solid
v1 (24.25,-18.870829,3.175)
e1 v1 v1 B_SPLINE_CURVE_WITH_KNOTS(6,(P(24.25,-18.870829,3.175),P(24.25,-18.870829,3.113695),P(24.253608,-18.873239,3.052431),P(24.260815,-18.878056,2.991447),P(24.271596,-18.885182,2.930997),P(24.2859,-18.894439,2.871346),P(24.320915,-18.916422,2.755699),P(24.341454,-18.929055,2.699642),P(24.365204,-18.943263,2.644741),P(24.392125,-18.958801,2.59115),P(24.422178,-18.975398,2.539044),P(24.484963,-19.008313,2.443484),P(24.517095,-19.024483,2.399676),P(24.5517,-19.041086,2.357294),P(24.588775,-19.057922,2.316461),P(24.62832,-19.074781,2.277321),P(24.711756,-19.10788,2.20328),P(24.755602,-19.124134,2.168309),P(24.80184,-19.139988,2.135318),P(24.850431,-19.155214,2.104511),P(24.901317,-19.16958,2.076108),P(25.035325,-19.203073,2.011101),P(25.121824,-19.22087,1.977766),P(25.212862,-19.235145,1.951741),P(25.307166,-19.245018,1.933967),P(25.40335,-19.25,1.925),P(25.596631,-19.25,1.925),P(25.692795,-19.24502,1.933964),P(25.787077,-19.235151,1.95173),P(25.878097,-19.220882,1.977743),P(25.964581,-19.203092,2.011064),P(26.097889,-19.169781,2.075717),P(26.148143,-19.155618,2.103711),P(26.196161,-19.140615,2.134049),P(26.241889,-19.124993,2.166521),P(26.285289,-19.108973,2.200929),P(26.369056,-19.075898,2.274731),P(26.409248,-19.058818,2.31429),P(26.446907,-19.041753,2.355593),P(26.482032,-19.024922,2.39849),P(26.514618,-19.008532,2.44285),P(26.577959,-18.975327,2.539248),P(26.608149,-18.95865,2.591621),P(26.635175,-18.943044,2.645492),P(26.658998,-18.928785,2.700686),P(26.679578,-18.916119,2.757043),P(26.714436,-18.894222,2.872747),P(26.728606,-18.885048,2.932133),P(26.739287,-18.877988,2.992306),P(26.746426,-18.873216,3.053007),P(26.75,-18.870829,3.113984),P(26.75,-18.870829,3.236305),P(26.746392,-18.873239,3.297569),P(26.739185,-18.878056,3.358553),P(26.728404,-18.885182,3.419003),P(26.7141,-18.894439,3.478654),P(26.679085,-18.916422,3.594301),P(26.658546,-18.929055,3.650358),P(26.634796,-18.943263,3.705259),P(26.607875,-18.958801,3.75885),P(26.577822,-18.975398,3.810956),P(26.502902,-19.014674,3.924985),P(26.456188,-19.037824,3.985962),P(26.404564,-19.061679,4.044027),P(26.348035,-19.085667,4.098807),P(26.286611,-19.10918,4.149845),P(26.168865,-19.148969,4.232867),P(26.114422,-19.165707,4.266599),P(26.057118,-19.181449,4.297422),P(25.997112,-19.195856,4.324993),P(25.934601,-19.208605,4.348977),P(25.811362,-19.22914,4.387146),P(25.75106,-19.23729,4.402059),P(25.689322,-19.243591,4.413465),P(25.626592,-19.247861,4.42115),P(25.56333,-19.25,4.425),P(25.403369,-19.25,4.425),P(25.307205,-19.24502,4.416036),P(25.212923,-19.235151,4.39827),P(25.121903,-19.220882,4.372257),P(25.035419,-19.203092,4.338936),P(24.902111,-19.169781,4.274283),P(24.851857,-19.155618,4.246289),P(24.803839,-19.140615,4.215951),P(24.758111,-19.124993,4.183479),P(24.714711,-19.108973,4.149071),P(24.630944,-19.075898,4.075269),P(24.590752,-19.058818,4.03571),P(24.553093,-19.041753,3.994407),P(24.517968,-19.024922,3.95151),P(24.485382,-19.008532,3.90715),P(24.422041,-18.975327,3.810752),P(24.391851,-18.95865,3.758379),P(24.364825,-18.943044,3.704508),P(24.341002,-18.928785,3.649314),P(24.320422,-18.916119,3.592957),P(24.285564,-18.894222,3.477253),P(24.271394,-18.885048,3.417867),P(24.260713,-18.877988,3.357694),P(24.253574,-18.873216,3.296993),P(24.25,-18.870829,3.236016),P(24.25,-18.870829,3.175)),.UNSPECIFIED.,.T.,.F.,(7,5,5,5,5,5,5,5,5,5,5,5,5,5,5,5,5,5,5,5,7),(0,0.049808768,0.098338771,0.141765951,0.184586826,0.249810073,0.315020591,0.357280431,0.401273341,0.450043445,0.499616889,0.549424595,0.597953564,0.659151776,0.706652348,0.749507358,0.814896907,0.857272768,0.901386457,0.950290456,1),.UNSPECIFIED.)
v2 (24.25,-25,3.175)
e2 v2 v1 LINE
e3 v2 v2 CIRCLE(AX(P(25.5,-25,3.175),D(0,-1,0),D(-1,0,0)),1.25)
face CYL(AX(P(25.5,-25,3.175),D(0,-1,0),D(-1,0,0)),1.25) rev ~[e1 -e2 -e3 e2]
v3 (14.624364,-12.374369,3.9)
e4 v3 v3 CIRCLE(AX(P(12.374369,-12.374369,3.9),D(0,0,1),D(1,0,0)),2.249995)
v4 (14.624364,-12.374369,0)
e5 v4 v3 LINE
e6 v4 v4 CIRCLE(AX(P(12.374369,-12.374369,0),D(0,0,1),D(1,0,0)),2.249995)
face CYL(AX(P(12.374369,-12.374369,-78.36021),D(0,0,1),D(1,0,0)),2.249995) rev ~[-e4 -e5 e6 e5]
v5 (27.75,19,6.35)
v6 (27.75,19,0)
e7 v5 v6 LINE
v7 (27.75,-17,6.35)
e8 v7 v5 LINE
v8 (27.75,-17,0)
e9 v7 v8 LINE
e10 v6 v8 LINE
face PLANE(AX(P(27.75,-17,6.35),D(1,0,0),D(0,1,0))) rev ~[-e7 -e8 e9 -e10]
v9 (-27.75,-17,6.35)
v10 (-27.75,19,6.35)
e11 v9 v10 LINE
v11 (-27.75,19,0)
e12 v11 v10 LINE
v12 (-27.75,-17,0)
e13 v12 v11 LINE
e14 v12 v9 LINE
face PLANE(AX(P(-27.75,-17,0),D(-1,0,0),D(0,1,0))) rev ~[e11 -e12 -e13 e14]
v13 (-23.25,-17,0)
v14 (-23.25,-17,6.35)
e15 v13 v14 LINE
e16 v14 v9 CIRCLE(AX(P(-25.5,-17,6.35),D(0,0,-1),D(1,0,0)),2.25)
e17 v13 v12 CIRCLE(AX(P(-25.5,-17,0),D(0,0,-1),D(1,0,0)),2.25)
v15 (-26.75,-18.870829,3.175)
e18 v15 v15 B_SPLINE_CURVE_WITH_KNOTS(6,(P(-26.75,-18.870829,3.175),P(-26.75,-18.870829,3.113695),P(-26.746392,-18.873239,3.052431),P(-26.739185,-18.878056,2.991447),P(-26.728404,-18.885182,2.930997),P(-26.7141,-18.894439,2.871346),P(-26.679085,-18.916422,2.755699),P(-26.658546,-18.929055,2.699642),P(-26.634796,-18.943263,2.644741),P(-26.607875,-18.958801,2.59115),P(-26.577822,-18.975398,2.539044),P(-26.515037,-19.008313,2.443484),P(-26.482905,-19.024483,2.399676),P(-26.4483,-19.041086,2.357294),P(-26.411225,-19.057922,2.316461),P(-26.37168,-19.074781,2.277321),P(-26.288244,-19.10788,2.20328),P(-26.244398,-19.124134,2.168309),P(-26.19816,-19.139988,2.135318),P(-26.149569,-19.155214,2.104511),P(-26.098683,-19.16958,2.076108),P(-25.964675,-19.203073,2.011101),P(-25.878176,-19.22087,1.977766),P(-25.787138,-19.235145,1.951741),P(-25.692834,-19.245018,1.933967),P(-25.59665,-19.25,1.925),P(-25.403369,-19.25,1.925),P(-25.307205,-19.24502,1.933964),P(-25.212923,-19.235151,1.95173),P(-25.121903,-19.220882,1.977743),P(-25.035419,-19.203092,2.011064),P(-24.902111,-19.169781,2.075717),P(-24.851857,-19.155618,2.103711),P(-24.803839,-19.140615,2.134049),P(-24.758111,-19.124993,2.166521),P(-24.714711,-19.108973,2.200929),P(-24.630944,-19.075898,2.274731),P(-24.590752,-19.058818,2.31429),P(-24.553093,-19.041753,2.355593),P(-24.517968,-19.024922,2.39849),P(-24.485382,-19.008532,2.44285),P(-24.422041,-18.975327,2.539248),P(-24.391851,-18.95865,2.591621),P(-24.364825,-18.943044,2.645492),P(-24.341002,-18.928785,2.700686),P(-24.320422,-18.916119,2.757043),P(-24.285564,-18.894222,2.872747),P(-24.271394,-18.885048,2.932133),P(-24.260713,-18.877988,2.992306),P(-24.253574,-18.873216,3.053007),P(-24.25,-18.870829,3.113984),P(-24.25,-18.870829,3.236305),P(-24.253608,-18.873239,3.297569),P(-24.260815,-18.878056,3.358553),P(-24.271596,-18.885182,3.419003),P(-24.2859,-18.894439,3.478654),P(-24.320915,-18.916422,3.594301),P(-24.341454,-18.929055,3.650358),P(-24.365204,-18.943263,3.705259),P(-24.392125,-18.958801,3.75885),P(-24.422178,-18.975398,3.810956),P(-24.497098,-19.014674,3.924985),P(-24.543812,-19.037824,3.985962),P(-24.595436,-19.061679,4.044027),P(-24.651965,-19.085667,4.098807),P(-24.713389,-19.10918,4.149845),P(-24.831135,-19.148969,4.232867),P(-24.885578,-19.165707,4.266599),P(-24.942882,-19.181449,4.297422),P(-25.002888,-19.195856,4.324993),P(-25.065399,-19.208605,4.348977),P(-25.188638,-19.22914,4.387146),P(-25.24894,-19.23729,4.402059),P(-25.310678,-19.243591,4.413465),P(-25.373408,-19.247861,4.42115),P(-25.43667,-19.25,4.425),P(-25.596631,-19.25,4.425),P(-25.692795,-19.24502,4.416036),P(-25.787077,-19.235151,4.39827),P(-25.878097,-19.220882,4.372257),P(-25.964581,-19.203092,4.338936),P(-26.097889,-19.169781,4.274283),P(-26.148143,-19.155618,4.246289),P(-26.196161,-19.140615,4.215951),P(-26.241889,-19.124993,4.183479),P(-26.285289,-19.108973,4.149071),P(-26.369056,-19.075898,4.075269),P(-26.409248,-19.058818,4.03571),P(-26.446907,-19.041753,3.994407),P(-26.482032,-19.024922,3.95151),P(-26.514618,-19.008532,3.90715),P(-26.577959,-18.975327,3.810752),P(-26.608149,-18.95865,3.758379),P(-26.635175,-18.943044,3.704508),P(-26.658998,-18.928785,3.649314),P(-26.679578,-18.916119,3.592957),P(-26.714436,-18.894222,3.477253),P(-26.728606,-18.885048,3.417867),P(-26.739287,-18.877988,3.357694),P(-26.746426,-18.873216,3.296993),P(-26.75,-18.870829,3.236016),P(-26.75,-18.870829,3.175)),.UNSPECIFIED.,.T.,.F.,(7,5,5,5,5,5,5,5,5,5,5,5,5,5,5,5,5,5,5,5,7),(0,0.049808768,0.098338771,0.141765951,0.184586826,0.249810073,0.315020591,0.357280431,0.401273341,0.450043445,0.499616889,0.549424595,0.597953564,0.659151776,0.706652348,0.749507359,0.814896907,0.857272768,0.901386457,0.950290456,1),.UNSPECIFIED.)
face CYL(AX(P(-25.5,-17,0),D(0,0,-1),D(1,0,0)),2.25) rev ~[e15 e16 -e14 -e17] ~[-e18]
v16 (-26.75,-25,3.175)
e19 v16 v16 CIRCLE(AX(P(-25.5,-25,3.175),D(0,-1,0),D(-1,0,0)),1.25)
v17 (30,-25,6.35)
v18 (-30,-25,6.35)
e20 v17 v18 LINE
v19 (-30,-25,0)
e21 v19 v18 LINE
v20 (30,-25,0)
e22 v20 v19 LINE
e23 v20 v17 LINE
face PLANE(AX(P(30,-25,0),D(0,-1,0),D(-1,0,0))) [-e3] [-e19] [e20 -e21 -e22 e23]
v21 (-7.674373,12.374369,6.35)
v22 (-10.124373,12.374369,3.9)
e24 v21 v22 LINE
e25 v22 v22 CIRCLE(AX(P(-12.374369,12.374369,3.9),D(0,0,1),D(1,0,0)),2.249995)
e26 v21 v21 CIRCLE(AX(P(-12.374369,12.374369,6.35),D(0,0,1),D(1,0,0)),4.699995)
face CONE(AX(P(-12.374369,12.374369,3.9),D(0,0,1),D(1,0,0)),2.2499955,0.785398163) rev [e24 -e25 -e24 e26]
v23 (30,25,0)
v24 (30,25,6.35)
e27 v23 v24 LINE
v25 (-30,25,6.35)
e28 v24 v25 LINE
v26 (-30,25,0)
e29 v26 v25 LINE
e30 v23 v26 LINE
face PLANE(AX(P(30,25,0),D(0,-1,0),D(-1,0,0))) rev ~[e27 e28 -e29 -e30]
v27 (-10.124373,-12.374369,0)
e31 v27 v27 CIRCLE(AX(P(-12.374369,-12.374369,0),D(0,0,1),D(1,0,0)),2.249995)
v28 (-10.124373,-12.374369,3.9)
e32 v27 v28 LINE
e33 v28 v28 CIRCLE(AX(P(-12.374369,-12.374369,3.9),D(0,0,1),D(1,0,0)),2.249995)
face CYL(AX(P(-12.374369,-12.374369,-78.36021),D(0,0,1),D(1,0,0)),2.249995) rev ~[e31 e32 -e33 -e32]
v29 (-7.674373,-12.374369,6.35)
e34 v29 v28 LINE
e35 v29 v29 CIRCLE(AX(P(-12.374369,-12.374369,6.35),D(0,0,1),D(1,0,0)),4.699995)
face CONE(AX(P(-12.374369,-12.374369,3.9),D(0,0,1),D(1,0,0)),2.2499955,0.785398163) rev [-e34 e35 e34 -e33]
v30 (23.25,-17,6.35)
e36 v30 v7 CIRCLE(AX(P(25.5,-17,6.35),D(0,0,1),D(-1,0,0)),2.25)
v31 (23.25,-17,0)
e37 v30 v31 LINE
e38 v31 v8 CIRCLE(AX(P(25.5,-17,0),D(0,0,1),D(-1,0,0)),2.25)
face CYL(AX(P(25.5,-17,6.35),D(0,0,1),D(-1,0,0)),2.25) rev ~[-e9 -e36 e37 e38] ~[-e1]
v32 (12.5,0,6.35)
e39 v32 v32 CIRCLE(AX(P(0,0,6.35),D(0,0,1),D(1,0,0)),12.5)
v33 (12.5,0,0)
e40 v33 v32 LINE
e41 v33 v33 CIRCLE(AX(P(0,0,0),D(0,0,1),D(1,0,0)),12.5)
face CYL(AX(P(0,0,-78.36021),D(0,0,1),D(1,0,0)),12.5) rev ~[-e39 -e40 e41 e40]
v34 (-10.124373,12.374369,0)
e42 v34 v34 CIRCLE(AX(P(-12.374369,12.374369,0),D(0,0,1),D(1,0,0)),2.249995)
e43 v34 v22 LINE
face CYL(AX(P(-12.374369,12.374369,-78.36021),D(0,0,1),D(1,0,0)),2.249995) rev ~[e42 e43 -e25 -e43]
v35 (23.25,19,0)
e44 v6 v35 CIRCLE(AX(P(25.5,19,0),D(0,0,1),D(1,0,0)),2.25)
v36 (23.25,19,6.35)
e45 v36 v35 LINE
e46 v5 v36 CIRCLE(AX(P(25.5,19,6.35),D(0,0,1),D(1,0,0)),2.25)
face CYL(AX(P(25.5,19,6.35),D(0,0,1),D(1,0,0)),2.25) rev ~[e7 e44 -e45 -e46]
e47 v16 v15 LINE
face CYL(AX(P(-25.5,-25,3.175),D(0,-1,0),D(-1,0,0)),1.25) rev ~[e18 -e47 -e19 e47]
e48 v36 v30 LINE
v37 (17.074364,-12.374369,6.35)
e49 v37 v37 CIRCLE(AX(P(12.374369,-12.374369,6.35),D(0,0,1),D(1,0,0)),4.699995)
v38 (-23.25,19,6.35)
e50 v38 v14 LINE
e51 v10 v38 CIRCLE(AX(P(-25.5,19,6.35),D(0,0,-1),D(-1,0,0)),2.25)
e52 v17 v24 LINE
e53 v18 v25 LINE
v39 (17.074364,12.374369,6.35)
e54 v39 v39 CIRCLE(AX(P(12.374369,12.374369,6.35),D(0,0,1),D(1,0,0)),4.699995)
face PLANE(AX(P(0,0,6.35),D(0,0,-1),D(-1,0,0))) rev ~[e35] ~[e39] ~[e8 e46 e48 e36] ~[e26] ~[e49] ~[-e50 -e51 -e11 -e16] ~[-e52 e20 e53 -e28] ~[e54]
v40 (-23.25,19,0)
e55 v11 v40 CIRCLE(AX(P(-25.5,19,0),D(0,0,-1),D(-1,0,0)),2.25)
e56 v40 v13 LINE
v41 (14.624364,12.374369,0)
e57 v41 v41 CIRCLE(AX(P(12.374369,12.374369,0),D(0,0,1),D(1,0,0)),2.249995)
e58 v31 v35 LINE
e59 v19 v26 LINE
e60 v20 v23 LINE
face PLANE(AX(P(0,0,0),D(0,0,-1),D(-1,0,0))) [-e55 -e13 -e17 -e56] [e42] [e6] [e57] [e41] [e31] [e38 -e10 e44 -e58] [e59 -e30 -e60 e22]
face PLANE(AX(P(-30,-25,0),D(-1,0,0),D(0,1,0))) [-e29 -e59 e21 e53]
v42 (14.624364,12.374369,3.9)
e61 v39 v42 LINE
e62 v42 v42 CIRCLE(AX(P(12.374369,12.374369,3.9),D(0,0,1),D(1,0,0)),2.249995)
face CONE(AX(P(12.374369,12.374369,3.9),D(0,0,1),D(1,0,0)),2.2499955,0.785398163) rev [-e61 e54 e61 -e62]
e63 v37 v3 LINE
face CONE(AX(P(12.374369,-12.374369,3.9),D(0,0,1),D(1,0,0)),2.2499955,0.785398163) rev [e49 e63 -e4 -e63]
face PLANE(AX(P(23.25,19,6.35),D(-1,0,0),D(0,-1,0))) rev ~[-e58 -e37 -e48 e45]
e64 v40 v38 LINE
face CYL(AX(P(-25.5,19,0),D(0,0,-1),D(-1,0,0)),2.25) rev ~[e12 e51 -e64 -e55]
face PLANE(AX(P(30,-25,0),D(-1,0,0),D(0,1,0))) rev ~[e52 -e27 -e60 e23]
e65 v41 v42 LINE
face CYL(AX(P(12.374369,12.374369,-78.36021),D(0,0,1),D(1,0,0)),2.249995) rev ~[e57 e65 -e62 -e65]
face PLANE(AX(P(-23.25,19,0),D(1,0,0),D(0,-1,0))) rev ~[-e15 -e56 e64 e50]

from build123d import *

# Parameters (mm, degrees)
SKETCH1_W                  = 60
SKETCH1_H                  = 50
BOSS_EXTRUDE1_DEPTH        = 6.35
CUT_EXTRUDE1_DEPTH         = 40.564156758
CUT_EXTRUDE2_DEPTH         = 40.564156758
HOLE1_D                    = 25
F_2_CLEARANCE_HOLE1_REACH  = 60.654
F_2_CLEARANCE_HOLE1_BORE_R = 1.25
F_8_CLEARANCE_HOLE1_D      = 4.499991
CHAMFER1_SIZE              = 2.449999926


with BuildPart() as part:
    # Sketch1 → Boss-Extrude1 (new body)
    with BuildSketch(Plane(origin=(0, 0, 0), x_dir=(-1, 0, 0), z_dir=(0, 0, -1))):
        Rectangle(SKETCH1_W, SKETCH1_H)
    extrude(amount=-BOSS_EXTRUDE1_DEPTH)

    # Sketch2 → Cut-Extrude1 (cut, through all)
    with BuildSketch(Plane(origin=(0, 0, 0), x_dir=(-1, 0, 0), z_dir=(0, 0, -1))):
        with BuildLine():
            Line((23.25, 19), (23.25, -17))
            ThreePointArc((23.25, -17), (25.5, -19.25), (27.75, -17))
            Line((27.75, -17), (27.75, 19))
            ThreePointArc((27.75, 19), (25.5, 21.25), (23.25, 19))
        make_face()
    extrude(amount=-CUT_EXTRUDE1_DEPTH, mode=Mode.SUBTRACT)

    # Sketch3 → Cut-Extrude2 (cut, through all)
    with BuildSketch(Plane.XY.offset(6.35)):
        with BuildLine():
            Line((27.75, -17), (27.75, 19))
            ThreePointArc((27.75, 19), (25.5, 21.25), (23.25, 19))
            Line((23.25, 19), (23.25, -17))
            ThreePointArc((23.25, -17), (25.5, -19.25), (27.75, -17))
        make_face()
    extrude(amount=-CUT_EXTRUDE2_DEPTH, mode=Mode.SUBTRACT)

    # Hole1 (through all)
    with Locations(Plane(origin=(0, 0, 0), x_dir=(-1, 0, 0), z_dir=(0, 0, -1))):
        with Locations((0, 0)):
            Hole(HOLE1_D / 2)

    # #2 Clearance Hole1 bore → #2 Clearance Hole1 (cut, up to next)
    with BuildSketch(Plane(origin=(0, -25, 0), x_dir=(-1, 0, 0), z_dir=(0, -1, 0)), mode=Mode.PRIVATE) as f_2_clearance_hole1_sk1:
        with Locations((-25.5, -3.175)):
            Circle(F_2_CLEARANCE_HOLE1_BORE_R)
    f_2_clearance_hole1_tool1 = extrude(f_2_clearance_hole1_sk1.sketch, amount=-F_2_CLEARANCE_HOLE1_REACH, mode=Mode.PRIVATE) & part.part
    # #2 Clearance Hole1 bore → #2 Clearance Hole1 (cut, up to next)
    with BuildSketch(Plane(origin=(0, -25, 0), x_dir=(-1, 0, 0), z_dir=(0, -1, 0)), mode=Mode.PRIVATE) as f_2_clearance_hole1_sk2:
        with Locations((25.5, -3.175)):
            Circle(F_2_CLEARANCE_HOLE1_BORE_R)
    f_2_clearance_hole1_tool2 = extrude(f_2_clearance_hole1_sk2.sketch, amount=-F_2_CLEARANCE_HOLE1_REACH, mode=Mode.PRIVATE) & part.part
    add(f_2_clearance_hole1_tool1.solids().sort_by_distance((25.5, -25, 3.175))[0], mode=Mode.SUBTRACT)
    add(f_2_clearance_hole1_tool2.solids().sort_by_distance((-25.5, -25, 3.175))[0], mode=Mode.SUBTRACT)

    # #8 Clearance Hole1 (through all)
    with Locations(Plane(origin=(0, 0, 0), x_dir=(-1, 0, 0), z_dir=(0, 0, -1))):
        with Locations((-12.374368671, 12.374368671), (-12.374368671, -12.374368671), (12.374368671, -12.374368671), (12.374368671, 12.374368671)):
            Hole(F_8_CLEARANCE_HOLE1_D / 2)

    # Chamfer1
    chamfer1_edges = [part.edges().sort_by_distance(p)[0] for p in [
        (-14.624364171, 12.374368671, 6.35),
        (-14.624364171, -12.374368671, 6.35),
        (10.124373171, -12.374368671, 6.35),
        (10.124373171, 12.374368671, 6.35),
    ]]
    chamfer(chamfer1_edges, length=CHAMFER1_SIZE)


solid = part.part
